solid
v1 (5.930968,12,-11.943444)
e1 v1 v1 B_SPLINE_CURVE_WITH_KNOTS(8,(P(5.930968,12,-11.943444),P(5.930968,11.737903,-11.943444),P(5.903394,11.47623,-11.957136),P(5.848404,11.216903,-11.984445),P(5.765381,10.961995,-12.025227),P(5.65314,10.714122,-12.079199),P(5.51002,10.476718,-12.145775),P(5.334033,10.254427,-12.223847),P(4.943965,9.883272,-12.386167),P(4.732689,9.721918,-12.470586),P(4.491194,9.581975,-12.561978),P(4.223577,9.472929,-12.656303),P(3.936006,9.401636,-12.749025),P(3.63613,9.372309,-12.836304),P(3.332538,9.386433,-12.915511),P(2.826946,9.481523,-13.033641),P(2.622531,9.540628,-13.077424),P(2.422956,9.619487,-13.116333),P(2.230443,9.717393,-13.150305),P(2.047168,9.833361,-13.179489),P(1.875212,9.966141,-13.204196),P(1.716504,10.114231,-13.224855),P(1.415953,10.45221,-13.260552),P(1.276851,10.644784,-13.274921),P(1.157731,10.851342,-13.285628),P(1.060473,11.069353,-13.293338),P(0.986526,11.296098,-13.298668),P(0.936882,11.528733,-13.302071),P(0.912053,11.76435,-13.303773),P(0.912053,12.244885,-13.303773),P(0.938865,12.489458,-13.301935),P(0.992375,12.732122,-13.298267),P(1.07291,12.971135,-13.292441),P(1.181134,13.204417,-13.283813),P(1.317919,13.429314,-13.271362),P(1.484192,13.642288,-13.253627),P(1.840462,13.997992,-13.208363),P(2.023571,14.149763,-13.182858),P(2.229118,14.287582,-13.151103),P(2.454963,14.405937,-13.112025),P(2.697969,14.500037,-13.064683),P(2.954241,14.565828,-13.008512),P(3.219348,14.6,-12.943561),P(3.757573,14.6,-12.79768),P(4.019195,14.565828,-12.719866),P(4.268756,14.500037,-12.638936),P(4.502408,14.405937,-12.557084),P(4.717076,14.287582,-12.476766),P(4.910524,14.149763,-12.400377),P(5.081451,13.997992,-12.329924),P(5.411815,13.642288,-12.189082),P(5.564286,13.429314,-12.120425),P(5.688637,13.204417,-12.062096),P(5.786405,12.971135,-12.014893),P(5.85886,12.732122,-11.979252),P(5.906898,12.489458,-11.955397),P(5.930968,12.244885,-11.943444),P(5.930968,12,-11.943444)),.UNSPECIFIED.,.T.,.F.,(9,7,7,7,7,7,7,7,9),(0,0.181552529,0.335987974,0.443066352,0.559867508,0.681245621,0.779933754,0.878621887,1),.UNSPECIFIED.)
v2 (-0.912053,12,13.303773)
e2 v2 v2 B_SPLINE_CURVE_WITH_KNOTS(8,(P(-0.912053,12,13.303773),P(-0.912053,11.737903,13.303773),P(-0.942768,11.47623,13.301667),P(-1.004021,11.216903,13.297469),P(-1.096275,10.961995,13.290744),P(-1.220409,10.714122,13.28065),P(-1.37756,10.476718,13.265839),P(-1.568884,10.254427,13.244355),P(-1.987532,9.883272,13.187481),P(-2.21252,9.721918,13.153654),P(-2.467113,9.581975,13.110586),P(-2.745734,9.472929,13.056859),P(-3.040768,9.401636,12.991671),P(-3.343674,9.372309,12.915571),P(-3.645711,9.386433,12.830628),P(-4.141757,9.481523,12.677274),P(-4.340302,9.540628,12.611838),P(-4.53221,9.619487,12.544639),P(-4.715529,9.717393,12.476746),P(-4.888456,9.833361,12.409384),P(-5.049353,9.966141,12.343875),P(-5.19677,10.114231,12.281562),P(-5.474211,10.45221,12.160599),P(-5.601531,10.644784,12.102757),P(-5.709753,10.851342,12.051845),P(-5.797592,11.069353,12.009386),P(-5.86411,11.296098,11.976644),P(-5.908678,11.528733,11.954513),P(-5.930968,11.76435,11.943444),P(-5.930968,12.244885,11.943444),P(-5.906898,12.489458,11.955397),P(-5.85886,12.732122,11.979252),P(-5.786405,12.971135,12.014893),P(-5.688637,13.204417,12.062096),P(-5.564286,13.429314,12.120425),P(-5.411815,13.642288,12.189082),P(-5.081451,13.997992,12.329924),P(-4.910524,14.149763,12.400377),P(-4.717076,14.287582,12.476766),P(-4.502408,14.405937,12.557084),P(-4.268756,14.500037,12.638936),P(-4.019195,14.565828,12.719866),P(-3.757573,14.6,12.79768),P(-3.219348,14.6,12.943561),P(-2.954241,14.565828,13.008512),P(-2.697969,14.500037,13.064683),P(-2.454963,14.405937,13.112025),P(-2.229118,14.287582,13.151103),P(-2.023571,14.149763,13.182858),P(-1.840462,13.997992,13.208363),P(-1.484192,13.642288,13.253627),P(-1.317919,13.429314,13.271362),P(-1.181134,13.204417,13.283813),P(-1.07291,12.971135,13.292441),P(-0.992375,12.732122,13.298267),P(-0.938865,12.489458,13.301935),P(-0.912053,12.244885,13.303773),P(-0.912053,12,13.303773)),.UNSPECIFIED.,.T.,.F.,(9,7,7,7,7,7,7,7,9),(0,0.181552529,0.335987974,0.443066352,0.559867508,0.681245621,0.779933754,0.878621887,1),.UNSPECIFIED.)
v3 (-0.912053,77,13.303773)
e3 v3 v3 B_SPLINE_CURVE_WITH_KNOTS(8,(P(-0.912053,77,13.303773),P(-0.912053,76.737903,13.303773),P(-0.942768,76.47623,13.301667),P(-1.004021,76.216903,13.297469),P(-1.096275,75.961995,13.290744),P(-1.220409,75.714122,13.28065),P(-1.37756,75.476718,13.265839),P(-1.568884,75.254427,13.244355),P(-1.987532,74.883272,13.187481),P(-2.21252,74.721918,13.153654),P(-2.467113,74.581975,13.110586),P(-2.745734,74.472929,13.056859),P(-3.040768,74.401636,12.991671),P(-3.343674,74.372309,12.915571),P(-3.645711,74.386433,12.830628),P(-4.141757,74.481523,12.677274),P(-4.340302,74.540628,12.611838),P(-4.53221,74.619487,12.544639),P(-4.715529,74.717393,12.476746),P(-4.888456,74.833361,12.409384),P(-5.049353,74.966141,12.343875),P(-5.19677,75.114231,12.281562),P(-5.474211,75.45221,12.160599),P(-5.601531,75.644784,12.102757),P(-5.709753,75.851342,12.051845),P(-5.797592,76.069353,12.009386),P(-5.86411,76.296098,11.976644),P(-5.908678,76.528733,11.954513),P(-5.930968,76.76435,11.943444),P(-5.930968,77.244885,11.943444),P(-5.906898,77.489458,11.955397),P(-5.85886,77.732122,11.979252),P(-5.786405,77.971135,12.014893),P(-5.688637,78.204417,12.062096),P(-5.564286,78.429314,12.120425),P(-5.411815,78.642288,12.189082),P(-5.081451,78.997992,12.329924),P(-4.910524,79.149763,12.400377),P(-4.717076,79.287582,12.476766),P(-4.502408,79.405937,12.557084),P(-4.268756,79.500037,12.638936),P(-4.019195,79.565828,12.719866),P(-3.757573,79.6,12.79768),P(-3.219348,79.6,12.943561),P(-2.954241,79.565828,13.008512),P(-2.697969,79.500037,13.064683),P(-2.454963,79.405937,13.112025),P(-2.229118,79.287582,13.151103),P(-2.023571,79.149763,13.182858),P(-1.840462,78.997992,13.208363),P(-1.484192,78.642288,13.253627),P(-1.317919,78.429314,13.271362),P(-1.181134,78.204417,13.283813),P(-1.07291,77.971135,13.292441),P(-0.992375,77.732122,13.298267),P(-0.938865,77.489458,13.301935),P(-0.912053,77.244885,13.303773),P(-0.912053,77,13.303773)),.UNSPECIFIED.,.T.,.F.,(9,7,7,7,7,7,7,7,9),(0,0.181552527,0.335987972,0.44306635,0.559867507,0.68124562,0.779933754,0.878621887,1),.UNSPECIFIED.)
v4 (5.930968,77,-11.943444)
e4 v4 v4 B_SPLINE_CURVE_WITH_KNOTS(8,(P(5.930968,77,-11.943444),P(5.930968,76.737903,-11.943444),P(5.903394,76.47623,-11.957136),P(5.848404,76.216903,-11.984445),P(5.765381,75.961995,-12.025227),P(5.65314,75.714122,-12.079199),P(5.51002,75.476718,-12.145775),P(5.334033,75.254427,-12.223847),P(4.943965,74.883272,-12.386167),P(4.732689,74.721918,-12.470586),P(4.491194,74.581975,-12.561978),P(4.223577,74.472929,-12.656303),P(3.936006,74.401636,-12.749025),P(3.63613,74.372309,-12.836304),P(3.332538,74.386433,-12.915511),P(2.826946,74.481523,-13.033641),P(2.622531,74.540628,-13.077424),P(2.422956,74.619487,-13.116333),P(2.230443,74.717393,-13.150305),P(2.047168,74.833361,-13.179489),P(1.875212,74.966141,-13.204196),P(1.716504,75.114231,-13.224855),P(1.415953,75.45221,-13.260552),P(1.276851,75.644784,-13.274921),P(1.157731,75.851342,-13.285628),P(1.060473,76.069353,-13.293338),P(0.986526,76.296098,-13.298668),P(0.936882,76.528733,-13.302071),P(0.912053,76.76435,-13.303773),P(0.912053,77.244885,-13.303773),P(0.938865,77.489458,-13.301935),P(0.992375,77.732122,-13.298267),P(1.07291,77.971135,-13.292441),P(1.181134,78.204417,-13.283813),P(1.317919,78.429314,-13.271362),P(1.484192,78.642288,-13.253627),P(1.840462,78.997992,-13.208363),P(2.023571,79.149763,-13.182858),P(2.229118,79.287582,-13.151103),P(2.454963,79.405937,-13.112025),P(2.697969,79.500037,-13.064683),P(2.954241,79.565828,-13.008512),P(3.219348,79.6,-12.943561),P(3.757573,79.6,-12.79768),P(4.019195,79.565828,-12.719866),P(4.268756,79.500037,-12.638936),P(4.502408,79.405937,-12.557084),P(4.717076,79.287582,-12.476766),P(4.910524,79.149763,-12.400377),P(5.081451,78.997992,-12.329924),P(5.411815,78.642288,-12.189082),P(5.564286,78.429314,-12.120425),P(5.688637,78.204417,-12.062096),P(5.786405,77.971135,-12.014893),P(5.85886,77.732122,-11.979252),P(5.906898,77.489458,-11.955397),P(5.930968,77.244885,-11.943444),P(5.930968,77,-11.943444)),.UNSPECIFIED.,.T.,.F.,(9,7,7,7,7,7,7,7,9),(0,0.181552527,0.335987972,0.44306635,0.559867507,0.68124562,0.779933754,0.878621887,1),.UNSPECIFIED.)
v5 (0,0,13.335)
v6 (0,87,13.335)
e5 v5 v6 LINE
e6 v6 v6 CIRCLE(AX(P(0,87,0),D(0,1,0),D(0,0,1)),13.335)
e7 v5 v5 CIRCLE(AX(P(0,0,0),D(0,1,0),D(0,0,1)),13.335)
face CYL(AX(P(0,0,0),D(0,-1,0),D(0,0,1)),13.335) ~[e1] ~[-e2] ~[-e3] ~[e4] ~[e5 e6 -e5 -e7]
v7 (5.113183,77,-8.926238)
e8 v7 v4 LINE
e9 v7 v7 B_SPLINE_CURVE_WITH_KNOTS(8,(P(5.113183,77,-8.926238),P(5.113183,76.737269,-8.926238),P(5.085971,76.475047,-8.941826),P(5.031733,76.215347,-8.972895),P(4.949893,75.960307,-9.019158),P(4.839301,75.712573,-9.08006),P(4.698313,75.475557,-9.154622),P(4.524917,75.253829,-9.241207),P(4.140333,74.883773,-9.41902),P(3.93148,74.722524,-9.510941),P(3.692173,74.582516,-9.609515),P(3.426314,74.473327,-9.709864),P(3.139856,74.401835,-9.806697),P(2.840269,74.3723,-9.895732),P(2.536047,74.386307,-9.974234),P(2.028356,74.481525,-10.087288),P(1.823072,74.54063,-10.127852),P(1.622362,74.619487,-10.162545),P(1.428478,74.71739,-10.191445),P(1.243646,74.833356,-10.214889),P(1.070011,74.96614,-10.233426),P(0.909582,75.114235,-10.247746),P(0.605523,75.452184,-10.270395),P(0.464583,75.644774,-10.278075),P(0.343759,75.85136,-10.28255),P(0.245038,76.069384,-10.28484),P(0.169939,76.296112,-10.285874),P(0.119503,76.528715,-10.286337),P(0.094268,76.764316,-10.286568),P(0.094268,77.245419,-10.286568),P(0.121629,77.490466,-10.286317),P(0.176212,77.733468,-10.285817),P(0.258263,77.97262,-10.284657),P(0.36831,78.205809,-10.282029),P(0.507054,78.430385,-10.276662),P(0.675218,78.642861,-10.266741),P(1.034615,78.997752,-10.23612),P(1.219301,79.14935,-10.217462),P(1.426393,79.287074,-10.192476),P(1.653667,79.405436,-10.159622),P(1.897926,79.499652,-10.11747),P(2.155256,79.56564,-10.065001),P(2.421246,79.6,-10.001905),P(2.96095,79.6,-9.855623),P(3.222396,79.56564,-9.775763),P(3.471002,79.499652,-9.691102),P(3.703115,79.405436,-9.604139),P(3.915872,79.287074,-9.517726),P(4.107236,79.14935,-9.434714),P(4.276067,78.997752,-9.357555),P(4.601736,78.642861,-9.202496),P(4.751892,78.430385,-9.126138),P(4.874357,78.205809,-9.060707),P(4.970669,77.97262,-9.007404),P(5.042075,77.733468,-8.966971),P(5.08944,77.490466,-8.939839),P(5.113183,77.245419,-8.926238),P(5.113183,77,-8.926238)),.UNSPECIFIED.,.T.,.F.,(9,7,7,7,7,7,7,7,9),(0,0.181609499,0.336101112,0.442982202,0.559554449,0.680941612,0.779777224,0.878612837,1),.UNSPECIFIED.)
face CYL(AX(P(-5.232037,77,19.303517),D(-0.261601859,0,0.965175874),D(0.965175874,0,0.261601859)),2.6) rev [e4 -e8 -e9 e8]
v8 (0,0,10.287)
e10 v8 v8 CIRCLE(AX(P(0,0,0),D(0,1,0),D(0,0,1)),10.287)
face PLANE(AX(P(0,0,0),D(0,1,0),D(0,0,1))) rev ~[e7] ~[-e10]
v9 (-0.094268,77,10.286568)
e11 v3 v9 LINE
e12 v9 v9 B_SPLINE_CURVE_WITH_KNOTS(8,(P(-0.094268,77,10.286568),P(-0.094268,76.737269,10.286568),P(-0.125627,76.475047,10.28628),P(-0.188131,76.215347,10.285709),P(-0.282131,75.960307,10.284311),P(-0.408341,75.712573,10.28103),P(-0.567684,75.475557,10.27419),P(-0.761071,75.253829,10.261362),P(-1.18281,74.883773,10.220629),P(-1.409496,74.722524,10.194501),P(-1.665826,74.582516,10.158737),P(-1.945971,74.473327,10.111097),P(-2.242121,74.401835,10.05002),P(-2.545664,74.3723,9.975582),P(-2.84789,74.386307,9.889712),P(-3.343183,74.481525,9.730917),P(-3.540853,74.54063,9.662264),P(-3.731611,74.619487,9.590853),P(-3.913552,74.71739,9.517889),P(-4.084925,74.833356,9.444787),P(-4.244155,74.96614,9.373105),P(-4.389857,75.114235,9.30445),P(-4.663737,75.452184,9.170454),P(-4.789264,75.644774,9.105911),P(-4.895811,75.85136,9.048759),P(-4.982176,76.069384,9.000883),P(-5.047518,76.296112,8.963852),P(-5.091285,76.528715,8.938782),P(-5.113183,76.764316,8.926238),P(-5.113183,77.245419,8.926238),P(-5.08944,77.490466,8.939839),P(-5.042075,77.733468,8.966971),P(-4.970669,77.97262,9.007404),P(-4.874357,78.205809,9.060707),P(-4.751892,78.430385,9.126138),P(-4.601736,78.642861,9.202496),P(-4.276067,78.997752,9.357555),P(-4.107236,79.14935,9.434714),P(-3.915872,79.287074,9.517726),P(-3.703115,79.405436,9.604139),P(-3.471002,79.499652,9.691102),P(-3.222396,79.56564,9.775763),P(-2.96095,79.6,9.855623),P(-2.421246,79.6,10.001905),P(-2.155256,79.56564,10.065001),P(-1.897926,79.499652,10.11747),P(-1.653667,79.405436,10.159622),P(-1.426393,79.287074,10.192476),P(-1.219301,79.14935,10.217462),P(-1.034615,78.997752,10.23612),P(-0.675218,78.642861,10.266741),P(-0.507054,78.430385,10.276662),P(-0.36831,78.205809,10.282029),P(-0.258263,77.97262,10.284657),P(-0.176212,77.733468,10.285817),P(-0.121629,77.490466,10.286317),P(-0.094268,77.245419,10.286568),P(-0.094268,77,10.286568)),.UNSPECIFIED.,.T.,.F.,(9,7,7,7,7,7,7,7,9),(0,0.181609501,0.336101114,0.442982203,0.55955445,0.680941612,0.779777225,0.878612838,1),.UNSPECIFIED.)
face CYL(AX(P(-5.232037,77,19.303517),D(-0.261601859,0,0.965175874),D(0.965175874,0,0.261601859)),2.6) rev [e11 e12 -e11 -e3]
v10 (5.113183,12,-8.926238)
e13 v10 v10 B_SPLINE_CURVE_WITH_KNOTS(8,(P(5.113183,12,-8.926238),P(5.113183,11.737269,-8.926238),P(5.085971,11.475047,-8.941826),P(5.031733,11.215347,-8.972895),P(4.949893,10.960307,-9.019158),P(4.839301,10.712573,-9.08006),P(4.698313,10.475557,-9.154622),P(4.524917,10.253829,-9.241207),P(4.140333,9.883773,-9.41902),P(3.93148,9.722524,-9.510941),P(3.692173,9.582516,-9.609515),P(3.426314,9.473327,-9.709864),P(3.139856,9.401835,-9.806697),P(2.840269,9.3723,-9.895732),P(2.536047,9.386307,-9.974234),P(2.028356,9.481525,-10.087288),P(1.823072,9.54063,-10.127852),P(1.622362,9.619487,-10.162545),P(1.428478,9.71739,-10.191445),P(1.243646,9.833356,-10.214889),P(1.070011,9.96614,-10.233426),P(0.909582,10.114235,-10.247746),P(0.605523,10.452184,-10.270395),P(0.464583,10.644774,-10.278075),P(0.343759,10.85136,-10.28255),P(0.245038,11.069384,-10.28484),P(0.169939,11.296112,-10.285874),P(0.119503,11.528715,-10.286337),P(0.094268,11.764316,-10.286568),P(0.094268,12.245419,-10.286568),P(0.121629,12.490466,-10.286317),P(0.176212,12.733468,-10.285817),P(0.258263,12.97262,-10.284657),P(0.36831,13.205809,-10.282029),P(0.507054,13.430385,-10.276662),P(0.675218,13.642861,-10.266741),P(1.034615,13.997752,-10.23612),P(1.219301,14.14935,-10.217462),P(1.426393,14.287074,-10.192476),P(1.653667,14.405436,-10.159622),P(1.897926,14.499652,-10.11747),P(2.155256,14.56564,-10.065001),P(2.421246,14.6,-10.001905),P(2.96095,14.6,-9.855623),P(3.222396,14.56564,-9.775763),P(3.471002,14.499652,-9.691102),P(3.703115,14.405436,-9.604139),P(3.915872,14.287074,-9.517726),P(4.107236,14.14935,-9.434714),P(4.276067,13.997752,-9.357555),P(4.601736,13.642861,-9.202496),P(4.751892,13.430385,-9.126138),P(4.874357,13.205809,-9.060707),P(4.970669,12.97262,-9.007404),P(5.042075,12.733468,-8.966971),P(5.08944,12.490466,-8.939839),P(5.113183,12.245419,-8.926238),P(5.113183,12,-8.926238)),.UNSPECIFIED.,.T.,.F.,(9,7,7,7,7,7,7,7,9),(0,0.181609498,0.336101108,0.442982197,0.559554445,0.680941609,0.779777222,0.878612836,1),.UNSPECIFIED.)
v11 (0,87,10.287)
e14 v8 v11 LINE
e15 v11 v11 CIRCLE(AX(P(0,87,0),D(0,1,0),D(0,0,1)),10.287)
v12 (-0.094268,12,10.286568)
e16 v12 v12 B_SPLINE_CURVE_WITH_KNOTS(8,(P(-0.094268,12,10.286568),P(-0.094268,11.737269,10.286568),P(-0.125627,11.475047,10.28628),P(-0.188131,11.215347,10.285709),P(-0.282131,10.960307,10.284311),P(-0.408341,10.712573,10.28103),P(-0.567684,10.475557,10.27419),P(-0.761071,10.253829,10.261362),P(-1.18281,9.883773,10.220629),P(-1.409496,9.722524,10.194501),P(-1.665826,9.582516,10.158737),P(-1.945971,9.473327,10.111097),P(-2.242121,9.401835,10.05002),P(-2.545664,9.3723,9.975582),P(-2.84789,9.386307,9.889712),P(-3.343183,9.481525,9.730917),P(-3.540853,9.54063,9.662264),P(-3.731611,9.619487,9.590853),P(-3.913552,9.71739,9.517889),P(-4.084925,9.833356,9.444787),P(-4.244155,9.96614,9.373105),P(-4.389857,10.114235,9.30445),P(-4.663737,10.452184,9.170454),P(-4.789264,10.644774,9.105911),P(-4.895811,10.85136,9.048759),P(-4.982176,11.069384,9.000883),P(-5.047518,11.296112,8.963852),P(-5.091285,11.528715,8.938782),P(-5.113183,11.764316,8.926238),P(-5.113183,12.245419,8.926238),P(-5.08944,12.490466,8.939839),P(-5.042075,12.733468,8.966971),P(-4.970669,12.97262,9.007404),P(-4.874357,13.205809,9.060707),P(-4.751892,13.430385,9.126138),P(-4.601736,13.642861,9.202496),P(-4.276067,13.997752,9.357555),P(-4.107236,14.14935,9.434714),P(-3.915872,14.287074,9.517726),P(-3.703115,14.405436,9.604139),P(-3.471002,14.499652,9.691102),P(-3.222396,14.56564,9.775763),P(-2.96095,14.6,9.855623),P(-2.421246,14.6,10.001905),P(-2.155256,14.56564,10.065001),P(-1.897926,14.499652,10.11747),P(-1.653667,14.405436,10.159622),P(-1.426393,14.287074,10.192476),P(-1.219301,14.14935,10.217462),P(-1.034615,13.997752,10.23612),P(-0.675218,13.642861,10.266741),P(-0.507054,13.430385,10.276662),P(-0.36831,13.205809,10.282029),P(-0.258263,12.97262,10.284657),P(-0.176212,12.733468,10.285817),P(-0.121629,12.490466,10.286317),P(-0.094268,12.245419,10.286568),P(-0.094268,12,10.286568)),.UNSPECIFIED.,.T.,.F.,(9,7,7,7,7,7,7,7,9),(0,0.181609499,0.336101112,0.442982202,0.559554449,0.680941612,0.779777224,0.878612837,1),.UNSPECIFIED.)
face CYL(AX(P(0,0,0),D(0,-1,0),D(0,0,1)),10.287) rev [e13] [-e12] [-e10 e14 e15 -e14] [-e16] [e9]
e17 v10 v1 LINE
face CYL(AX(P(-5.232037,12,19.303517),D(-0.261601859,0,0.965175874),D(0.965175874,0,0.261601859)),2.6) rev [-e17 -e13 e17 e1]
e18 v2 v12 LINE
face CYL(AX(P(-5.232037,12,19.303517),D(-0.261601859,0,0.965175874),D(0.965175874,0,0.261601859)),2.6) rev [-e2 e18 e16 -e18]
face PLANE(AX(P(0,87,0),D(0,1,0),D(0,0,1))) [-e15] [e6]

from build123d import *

# Parameters (mm, degrees)
SKETCH2_R               = 13.335
SKETCH2_R_2             = 10.287
BOSS_EXTRUDE2_DEPTH     = 87
CUT_EXTRUDE1_DEPTH      = 20
CUT_EXTRUDE1_DEPTH_BACK = 20
SKETCH4_R               = 2.6


with BuildPart() as part:
    # Sketch2 → Boss-Extrude2 (new body)
    with BuildSketch(Plane(origin=(0, 0, 0), x_dir=(1, 0, 0), z_dir=(0, 1, 0))):
        Circle(SKETCH2_R)
        Circle(SKETCH2_R_2, mode=Mode.SUBTRACT)
    extrude(amount=BOSS_EXTRUDE2_DEPTH)

    # Sketch4 → Cut-Extrude1 (cut, two sides: drawn at the far end of the back side and taken through both)
    with BuildSketch(Plane(origin=(-1275.101492903, -824.70990816, -345.604288183), x_dir=(-0.965175873824897, 0, -0.2616018589122535), z_dir=(0.2616018589122535, 2.2232920799531116e-15, -0.965175873824897)).offset(-CUT_EXTRUDE1_DEPTH_BACK)):
        with Locations((-1321.107921864, 901.70990816)):
            Circle(SKETCH4_R)
        with Locations((-1321.107921864, 836.70990816)):
            Circle(SKETCH4_R)
    extrude(amount=CUT_EXTRUDE1_DEPTH + CUT_EXTRUDE1_DEPTH_BACK, mode=Mode.SUBTRACT)


solid = part.part
